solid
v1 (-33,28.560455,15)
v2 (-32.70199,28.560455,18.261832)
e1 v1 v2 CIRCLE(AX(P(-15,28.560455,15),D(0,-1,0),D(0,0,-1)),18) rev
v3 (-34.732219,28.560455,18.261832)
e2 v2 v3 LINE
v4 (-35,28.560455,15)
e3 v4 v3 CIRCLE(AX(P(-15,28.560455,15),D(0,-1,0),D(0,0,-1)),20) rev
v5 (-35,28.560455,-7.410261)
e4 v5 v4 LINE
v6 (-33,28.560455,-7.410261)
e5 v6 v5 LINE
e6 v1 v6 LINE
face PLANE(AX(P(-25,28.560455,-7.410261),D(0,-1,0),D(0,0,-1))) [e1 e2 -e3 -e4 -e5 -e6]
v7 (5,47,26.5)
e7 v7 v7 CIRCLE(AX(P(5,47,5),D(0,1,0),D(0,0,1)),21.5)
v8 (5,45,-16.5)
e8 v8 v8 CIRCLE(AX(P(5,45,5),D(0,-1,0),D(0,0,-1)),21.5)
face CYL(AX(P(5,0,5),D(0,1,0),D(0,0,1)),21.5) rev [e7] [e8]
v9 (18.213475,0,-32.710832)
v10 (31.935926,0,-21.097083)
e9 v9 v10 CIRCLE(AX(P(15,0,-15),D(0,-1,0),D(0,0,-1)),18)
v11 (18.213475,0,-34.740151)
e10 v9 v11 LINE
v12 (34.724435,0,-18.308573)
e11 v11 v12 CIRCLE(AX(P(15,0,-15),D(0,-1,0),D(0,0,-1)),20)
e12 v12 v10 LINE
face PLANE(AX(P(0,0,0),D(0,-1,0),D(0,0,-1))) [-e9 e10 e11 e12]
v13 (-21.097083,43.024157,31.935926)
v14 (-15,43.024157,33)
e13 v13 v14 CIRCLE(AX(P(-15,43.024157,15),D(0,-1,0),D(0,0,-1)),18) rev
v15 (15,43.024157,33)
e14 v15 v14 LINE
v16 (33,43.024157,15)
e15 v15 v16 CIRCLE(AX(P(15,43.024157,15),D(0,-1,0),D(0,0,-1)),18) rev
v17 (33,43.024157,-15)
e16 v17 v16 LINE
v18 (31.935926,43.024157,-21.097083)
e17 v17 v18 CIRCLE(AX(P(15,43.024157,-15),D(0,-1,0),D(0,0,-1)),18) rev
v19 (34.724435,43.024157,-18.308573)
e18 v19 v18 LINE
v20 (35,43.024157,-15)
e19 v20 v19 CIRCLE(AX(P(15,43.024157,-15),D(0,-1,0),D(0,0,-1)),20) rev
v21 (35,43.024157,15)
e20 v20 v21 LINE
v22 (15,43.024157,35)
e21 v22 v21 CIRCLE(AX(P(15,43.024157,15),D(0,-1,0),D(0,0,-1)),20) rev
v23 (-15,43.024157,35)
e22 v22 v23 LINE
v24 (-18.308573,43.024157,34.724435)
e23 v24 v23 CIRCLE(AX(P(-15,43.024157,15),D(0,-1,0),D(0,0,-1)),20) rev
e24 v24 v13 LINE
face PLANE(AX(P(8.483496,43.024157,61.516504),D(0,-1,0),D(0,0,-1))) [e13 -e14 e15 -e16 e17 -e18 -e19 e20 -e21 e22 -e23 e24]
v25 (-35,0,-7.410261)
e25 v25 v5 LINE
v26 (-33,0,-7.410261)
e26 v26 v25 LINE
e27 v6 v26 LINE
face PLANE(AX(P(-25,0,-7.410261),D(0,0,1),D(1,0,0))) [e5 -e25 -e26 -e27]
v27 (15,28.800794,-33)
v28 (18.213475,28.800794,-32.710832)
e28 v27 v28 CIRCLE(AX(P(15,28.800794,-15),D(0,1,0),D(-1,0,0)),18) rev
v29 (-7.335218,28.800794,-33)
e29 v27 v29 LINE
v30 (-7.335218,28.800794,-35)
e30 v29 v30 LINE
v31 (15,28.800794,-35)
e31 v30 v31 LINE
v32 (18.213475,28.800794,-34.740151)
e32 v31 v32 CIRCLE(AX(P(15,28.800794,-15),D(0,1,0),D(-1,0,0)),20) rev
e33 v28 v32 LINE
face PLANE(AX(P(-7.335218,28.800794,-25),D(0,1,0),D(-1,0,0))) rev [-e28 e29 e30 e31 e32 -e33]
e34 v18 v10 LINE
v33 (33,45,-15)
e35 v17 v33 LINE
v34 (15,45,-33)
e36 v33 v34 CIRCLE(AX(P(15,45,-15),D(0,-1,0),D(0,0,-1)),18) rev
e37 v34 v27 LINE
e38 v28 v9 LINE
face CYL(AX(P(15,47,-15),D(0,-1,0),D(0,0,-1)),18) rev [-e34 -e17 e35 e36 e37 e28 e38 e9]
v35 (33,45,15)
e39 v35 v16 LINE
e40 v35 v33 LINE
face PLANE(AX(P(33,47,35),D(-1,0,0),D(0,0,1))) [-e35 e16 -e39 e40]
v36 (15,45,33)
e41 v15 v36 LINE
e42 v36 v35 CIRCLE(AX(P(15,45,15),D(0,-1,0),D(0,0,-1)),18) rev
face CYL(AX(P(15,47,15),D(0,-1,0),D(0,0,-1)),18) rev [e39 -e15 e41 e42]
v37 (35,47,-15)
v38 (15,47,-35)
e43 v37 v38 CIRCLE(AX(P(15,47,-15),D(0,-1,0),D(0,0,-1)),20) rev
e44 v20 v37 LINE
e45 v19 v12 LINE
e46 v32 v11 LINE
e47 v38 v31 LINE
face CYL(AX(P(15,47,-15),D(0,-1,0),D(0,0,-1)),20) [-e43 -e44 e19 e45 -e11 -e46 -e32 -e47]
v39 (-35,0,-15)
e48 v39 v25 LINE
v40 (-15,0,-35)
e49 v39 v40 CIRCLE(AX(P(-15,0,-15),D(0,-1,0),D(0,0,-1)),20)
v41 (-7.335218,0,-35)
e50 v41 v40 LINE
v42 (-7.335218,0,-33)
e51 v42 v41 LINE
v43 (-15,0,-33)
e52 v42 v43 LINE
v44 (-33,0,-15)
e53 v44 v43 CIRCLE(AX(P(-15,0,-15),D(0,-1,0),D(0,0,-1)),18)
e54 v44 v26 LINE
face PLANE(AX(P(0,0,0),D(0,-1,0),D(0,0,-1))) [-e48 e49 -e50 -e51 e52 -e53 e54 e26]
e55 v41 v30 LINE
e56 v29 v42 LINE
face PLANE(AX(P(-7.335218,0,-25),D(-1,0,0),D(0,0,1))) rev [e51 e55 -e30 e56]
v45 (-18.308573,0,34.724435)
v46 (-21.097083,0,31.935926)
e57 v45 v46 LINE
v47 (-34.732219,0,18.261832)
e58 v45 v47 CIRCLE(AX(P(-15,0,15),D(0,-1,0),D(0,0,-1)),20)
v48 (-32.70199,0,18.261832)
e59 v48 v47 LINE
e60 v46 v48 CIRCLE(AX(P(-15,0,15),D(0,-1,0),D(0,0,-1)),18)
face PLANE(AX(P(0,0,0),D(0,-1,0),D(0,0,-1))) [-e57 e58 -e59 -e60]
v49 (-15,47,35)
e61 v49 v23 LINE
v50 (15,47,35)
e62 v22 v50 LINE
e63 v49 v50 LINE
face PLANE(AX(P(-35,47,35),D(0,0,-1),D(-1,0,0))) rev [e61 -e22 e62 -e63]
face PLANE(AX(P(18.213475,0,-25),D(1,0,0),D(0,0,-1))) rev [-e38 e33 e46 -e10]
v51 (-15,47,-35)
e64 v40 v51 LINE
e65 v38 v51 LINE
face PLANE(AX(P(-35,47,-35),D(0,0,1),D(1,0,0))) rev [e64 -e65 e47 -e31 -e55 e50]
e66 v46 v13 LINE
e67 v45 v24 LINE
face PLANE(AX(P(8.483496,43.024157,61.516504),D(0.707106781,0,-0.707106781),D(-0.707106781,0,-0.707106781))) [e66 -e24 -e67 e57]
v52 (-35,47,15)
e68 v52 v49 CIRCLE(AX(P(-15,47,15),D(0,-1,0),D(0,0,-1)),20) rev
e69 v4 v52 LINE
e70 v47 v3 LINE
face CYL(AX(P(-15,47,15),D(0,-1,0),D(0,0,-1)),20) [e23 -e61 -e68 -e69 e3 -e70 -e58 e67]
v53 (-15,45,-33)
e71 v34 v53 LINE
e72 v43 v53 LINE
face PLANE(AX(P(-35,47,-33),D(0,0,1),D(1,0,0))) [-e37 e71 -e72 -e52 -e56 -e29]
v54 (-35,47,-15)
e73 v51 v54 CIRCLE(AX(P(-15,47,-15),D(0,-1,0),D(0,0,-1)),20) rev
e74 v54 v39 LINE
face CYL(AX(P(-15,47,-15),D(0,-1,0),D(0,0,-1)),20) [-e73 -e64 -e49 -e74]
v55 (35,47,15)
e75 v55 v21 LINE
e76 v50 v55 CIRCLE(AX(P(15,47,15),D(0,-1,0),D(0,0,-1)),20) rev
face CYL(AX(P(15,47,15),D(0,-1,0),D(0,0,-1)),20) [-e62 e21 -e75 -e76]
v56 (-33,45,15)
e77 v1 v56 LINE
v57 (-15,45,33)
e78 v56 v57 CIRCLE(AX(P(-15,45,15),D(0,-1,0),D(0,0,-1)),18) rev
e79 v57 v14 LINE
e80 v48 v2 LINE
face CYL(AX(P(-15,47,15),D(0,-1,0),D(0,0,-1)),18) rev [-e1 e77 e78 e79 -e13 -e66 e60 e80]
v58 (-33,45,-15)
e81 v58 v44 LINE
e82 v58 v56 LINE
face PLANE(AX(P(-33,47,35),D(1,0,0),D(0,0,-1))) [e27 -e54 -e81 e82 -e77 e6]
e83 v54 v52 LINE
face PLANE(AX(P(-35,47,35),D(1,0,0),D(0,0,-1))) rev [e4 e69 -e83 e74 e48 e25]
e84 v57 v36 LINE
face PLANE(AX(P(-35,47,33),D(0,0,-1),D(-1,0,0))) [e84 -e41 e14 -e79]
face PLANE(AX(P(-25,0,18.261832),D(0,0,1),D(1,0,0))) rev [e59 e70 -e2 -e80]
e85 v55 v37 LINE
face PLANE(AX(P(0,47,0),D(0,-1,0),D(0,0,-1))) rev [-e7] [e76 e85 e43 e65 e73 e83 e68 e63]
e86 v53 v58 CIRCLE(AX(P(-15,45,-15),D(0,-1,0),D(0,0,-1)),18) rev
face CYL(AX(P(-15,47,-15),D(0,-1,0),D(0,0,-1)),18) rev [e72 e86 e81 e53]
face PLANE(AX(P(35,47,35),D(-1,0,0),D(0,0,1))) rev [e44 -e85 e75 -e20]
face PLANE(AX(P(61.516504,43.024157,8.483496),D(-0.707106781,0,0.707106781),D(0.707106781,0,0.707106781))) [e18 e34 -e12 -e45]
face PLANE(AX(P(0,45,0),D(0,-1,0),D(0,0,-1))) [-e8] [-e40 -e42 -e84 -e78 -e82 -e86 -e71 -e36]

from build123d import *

# Parameters (mm, degrees)
SKETCH1_W           = 70
SKETCH1_H           = 70
BOSS_EXTRUDE1_DEPTH = 47
FILLET1_R           = 20
SHELL1_T            = -2
SKETCH2_R           = 21.5
CUT_EXTRUDE1_DEPTH  = 69.256867786
SKETCH6_W           = 75
SKETCH6_H           = 43.024157236
CUT_EXTRUDE4_DEPTH  = 69.256867786
SKETCH7_W           = 25.54869255
SKETCH7_H           = 28.800793666
CUT_EXTRUDE5_DEPTH  = 10
SKETCH9_W           = 25.672093796
SKETCH9_H           = 28.560455229
CUT_EXTRUDE6_DEPTH  = 10


with BuildPart() as part:
    # Sketch1 → Boss-Extrude1 (new body)
    with BuildSketch(Plane(origin=(0, 0, 0), x_dir=(1, 0, 0), z_dir=(0, 1, 0))):
        Rectangle(SKETCH1_W, SKETCH1_H)
    extrude(amount=BOSS_EXTRUDE1_DEPTH)

    # Fillet1
    fillet1_edges = [part.edges().sort_by_distance(p)[0] for p in [
        (35, 23.5, 35),
        (-35, 23.5, 35),
        (-35, 23.5, -35),
        (35, 23.5, -35),
    ]]
    fillet(fillet1_edges, radius=FILLET1_R)

    # Shell1
    shell1_openings = [part.faces().sort_by_distance(p)[0] for p in [
        (0, 0, 0),
    ]]
    offset(amount=SHELL1_T, openings=shell1_openings, kind=Kind.INTERSECTION)

    # Sketch2 → Cut-Extrude1 (cut, through all)
    with BuildSketch(Plane(origin=(0, 47, 0), x_dir=(1, 0, 0), z_dir=(0, 1, 0))):
        with Locations(Location((5, -5, 0), (0, 0, 270))):
            Circle(SKETCH2_R)
    extrude(amount=-CUT_EXTRUDE1_DEPTH, mode=Mode.SUBTRACT)

    # Sketch6 → Cut-Extrude4 (cut, through all)
    with BuildSketch(Plane(origin=(0, 0, 0), x_dir=(0.7071067811865477, 0, -0.7071067811865475), z_dir=(0.7071067811865475, 0, 0.7071067811865477))):
        with Locations((0, 21.512078618)):
            Rectangle(SKETCH6_W, SKETCH6_H)
    extrude(amount=CUT_EXTRUDE4_DEPTH, mode=Mode.SUBTRACT)

    # Sketch7 → Cut-Extrude5 (cut)
    with BuildSketch(Plane(origin=(0, 0, -35), x_dir=(-1, 0, 0), z_dir=(0, 0, -1))):
        with Locations((-5.439128437, 14.400396833)):
            Rectangle(SKETCH7_W, SKETCH7_H)
    extrude(amount=-CUT_EXTRUDE5_DEPTH, mode=Mode.SUBTRACT)

    # Sketch9 → Cut-Extrude6 (cut)
    with BuildSketch(Plane.ZY.offset(35)):
        with Locations((5.425785495, 14.280227615)):
            Rectangle(SKETCH9_W, SKETCH9_H)
    extrude(amount=-CUT_EXTRUDE6_DEPTH, mode=Mode.SUBTRACT)


solid = part.part
